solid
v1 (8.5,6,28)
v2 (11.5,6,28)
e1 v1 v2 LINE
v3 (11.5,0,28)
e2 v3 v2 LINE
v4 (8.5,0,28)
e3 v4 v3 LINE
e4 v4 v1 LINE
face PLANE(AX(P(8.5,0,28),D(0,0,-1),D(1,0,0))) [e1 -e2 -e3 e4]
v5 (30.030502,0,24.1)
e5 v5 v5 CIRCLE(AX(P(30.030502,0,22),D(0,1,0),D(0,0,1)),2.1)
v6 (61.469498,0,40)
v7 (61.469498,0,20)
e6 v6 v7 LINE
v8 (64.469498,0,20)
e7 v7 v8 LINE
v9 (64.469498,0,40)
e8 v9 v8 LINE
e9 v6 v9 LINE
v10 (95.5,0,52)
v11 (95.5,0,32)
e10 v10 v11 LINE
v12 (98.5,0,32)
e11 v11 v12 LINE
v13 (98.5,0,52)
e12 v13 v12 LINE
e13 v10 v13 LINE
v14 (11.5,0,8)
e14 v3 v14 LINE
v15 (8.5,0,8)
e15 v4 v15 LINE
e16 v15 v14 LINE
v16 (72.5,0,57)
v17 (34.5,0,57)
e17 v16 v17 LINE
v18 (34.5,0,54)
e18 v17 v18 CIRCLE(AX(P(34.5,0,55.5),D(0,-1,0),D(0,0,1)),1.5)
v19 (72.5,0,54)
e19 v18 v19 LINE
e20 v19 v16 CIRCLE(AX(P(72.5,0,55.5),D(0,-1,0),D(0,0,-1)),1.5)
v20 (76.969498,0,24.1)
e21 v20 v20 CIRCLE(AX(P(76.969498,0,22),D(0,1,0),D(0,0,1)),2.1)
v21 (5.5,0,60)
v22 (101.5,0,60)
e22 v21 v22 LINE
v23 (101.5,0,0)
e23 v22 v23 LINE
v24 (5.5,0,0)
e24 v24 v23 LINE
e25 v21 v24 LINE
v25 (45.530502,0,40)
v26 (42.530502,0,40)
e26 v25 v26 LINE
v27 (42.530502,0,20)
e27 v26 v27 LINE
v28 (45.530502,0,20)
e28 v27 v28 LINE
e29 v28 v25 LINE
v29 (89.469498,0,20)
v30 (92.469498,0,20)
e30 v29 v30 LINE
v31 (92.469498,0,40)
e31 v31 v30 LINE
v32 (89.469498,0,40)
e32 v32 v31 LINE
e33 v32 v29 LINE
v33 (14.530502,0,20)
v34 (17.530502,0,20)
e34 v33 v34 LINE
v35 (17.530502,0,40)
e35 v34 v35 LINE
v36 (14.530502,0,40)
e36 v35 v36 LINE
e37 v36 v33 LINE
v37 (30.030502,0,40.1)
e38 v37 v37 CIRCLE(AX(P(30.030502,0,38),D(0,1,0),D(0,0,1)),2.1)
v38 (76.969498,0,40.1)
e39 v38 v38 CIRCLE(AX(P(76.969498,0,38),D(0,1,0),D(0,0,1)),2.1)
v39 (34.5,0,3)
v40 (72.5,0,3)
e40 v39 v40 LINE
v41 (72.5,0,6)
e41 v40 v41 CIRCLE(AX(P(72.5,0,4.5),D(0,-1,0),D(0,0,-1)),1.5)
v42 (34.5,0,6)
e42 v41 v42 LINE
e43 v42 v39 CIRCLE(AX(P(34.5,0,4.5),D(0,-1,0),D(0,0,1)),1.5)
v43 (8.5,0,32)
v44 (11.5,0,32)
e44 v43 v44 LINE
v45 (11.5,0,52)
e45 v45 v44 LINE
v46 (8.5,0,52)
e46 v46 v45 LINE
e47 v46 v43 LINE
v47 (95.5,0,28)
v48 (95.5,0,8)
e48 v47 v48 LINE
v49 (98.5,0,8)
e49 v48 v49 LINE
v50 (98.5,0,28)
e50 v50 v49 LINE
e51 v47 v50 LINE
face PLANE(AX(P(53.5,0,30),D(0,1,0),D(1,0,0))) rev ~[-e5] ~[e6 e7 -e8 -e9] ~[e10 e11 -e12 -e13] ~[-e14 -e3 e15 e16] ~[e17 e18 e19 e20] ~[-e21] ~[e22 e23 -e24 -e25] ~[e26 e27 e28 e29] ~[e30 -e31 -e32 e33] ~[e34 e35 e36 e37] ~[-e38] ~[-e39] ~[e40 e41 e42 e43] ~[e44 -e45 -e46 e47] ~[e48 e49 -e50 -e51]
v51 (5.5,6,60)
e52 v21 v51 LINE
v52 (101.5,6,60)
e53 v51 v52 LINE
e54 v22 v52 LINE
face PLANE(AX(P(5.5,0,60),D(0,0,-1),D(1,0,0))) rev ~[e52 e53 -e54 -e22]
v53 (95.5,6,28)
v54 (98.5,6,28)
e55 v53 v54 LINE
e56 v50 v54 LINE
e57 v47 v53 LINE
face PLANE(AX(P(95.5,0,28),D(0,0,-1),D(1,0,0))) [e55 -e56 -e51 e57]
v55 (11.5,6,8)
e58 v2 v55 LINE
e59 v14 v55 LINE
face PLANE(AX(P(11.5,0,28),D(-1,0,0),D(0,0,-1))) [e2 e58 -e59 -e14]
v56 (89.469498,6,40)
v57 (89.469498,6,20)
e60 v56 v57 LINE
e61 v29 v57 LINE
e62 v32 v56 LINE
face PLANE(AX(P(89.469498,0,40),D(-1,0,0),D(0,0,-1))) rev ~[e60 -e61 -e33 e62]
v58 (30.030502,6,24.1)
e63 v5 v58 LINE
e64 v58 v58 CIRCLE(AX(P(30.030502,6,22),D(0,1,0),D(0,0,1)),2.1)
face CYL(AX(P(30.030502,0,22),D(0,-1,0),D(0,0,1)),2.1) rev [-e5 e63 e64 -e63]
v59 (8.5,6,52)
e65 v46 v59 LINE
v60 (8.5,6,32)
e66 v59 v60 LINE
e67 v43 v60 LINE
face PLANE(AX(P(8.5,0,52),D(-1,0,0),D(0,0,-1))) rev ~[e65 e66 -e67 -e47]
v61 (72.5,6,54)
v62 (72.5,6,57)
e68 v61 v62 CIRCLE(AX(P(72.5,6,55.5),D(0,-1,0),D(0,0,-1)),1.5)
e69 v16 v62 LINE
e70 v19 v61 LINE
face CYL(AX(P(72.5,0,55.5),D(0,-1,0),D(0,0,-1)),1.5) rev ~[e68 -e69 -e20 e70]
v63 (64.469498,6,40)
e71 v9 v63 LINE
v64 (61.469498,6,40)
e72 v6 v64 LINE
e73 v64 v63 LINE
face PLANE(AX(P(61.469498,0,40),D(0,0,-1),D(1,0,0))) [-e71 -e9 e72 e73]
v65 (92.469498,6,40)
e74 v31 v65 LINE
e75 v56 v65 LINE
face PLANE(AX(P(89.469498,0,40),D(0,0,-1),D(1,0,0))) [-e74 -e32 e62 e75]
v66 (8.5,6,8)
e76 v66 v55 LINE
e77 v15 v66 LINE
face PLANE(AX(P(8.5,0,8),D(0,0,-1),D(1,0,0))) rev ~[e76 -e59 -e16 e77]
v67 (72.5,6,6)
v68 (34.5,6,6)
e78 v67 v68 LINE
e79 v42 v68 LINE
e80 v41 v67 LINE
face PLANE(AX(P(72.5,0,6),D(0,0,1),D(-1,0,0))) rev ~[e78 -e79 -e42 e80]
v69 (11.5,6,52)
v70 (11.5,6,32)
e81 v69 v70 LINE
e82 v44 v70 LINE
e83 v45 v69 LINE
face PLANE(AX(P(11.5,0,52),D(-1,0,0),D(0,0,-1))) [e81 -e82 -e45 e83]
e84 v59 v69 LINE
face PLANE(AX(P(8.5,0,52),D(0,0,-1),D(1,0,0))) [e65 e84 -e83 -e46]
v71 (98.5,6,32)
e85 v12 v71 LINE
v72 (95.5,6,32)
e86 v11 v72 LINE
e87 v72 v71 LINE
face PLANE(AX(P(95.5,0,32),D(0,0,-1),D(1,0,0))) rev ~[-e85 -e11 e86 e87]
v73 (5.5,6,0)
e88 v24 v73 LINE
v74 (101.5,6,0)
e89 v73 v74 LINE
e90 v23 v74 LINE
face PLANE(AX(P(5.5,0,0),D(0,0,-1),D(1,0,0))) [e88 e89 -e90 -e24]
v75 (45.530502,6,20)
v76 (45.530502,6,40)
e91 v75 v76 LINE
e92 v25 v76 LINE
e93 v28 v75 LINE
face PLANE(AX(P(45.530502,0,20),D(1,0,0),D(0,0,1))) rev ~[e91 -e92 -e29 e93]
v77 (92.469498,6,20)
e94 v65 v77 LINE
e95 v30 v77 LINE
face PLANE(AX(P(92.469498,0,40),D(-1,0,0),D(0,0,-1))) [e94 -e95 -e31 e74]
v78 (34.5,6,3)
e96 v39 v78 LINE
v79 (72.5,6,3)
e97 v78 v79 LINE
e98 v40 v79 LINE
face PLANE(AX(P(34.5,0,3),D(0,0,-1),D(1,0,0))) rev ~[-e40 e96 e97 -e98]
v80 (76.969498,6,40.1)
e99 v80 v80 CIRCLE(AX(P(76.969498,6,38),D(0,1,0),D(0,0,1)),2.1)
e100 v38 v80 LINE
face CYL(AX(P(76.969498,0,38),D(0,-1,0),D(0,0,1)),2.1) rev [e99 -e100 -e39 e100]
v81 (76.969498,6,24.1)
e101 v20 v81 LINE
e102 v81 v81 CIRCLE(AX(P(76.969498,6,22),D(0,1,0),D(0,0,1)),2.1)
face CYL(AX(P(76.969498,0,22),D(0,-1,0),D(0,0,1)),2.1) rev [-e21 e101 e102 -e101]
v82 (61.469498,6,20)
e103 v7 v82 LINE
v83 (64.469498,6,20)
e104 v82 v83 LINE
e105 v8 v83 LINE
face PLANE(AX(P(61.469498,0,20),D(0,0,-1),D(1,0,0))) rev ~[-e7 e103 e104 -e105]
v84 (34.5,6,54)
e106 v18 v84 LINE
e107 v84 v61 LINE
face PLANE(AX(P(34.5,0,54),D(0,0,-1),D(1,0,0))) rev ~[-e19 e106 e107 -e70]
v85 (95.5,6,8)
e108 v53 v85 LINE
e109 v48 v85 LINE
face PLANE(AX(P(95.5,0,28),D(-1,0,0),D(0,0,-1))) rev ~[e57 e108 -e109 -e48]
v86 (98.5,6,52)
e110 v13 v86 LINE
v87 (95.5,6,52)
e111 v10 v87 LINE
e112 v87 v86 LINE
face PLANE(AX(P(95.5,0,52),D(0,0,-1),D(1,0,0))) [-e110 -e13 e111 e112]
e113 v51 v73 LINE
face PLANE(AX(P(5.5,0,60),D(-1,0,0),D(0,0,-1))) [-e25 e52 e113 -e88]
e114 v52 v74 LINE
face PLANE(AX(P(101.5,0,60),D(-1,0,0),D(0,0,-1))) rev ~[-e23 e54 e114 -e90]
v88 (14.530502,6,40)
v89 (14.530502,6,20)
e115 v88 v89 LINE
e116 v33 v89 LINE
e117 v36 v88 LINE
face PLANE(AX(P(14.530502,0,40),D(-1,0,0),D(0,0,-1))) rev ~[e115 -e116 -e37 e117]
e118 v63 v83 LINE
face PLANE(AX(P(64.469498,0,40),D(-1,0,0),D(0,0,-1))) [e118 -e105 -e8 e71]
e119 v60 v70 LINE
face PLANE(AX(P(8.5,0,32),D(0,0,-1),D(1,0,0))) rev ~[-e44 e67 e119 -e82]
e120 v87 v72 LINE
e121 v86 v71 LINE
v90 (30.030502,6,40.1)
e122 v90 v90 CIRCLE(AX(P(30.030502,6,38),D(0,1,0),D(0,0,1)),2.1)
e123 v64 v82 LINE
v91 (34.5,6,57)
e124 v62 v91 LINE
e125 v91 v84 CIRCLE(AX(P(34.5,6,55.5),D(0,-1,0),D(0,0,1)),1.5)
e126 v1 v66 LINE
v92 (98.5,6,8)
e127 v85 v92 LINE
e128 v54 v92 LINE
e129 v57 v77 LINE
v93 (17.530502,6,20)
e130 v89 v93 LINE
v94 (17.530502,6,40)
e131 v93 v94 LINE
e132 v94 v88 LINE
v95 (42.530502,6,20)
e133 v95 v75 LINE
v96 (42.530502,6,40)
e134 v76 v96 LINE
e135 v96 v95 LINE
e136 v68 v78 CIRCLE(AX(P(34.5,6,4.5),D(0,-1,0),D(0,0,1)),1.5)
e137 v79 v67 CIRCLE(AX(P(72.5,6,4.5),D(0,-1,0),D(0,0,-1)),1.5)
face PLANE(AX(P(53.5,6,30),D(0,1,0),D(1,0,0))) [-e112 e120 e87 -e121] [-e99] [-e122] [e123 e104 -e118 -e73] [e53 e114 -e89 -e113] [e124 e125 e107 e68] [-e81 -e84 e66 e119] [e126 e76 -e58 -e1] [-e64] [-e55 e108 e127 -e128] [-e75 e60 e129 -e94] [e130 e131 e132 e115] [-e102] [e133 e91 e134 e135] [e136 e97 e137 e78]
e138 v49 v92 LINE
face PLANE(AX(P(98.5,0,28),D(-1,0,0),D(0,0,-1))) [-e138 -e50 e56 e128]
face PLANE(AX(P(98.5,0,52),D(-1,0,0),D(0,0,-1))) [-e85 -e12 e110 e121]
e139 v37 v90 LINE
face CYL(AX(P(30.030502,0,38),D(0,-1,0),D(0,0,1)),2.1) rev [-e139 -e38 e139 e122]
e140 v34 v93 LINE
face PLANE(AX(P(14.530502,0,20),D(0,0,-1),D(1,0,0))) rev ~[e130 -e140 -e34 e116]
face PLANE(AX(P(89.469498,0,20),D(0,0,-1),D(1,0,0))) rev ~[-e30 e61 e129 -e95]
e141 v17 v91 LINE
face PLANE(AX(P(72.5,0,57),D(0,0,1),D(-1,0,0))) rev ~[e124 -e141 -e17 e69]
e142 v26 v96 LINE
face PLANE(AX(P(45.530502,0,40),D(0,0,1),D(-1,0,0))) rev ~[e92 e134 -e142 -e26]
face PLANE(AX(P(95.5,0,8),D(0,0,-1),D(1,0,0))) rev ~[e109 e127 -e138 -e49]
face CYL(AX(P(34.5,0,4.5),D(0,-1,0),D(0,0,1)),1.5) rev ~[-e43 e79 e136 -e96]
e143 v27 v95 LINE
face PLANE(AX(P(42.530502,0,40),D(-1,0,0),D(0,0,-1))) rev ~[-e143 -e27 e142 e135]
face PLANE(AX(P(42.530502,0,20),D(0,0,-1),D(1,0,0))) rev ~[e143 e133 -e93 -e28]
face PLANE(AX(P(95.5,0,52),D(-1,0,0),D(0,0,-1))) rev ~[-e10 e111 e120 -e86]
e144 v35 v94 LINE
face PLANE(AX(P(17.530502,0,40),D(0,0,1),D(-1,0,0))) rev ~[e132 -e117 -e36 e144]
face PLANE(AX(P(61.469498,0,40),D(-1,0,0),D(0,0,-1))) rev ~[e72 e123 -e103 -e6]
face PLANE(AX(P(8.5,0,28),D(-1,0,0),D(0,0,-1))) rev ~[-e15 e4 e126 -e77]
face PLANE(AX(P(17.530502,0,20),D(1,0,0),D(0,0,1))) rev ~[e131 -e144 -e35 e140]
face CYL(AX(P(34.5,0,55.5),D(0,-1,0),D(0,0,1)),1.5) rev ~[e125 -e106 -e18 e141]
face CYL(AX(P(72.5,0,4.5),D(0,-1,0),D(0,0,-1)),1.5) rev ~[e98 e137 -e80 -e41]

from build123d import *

# Parameters (mm, degrees)
SKETCH_1_W      = 96
SKETCH_1_H      = 60
SKETCH_1_R      = 2.1
SKETCH_1_W_2    = 3
SKETCH_1_H_2    = 20
EXTRUDE_1_DEPTH = 6


with BuildPart() as part:
    # 草图1 → 凸台-拉伸1 (new body)
    with BuildSketch(Plane(origin=(0, 0, 0), x_dir=(1, 0, 0), z_dir=(0, 1, 0))):
        with Locations((53.5, -30)):
            Rectangle(SKETCH_1_W, SKETCH_1_H)
        with BuildLine():
            Line((72.5, -57), (34.5, -57))
            ThreePointArc((34.5, -57), (33, -55.5), (34.5, -54))
            Line((34.5, -54), (72.5, -54))
            ThreePointArc((72.5, -54), (74, -55.5), (72.5, -57))
        make_face(mode=Mode.SUBTRACT)
        with BuildLine():
            Line((72.5, -6), (34.5, -6))
            ThreePointArc((34.5, -6), (33, -4.5), (34.5, -3))
            Line((34.5, -3), (72.5, -3))
            ThreePointArc((72.5, -3), (74, -4.5), (72.5, -6))
        make_face(mode=Mode.SUBTRACT)
        with Locations(Location((76.969497546, -38, 0), (0, 0, 270))):
            Circle(SKETCH_1_R, mode=Mode.SUBTRACT)
        with Locations((62.969497546, -30)):
            Rectangle(SKETCH_1_W_2, SKETCH_1_H_2, mode=Mode.SUBTRACT)
        with Locations((97, -42)):
            Rectangle(SKETCH_1_W_2, SKETCH_1_H_2, mode=Mode.SUBTRACT)
        with Locations(Location((76.969497546, -22, 0), (0, 0, 270))):
            Circle(SKETCH_1_R, mode=Mode.SUBTRACT)
        with Locations((90.969497546, -30)):
            Rectangle(SKETCH_1_W_2, SKETCH_1_H_2, mode=Mode.SUBTRACT)
        with Locations((97, -18)):
            Rectangle(SKETCH_1_W_2, SKETCH_1_H_2, mode=Mode.SUBTRACT)
        with Locations((10, -18)):
            Rectangle(SKETCH_1_W_2, SKETCH_1_H_2, mode=Mode.SUBTRACT)
        with Locations(Location((30.030502454, -22, 0), (0, 0, 270))):
            Circle(SKETCH_1_R, mode=Mode.SUBTRACT)
        with Locations((10, -42)):
            Rectangle(SKETCH_1_W_2, SKETCH_1_H_2, mode=Mode.SUBTRACT)
        Polygon((14.530502454, -40), (14.530502454, -20), (17.530502454, -20), (17.530502454, -30), (17.530502454, -40), align=None, mode=Mode.SUBTRACT)
        with Locations(Location((30.030502454, -38, 0), (0, 0, 270))):
            Circle(SKETCH_1_R, mode=Mode.SUBTRACT)
        Polygon((42.530502454, -40), (42.530502454, -30), (42.530502454, -20), (45.530502454, -20), (45.530502454, -40), align=None, mode=Mode.SUBTRACT)
    extrude(amount=EXTRUDE_1_DEPTH)


solid = part.part
